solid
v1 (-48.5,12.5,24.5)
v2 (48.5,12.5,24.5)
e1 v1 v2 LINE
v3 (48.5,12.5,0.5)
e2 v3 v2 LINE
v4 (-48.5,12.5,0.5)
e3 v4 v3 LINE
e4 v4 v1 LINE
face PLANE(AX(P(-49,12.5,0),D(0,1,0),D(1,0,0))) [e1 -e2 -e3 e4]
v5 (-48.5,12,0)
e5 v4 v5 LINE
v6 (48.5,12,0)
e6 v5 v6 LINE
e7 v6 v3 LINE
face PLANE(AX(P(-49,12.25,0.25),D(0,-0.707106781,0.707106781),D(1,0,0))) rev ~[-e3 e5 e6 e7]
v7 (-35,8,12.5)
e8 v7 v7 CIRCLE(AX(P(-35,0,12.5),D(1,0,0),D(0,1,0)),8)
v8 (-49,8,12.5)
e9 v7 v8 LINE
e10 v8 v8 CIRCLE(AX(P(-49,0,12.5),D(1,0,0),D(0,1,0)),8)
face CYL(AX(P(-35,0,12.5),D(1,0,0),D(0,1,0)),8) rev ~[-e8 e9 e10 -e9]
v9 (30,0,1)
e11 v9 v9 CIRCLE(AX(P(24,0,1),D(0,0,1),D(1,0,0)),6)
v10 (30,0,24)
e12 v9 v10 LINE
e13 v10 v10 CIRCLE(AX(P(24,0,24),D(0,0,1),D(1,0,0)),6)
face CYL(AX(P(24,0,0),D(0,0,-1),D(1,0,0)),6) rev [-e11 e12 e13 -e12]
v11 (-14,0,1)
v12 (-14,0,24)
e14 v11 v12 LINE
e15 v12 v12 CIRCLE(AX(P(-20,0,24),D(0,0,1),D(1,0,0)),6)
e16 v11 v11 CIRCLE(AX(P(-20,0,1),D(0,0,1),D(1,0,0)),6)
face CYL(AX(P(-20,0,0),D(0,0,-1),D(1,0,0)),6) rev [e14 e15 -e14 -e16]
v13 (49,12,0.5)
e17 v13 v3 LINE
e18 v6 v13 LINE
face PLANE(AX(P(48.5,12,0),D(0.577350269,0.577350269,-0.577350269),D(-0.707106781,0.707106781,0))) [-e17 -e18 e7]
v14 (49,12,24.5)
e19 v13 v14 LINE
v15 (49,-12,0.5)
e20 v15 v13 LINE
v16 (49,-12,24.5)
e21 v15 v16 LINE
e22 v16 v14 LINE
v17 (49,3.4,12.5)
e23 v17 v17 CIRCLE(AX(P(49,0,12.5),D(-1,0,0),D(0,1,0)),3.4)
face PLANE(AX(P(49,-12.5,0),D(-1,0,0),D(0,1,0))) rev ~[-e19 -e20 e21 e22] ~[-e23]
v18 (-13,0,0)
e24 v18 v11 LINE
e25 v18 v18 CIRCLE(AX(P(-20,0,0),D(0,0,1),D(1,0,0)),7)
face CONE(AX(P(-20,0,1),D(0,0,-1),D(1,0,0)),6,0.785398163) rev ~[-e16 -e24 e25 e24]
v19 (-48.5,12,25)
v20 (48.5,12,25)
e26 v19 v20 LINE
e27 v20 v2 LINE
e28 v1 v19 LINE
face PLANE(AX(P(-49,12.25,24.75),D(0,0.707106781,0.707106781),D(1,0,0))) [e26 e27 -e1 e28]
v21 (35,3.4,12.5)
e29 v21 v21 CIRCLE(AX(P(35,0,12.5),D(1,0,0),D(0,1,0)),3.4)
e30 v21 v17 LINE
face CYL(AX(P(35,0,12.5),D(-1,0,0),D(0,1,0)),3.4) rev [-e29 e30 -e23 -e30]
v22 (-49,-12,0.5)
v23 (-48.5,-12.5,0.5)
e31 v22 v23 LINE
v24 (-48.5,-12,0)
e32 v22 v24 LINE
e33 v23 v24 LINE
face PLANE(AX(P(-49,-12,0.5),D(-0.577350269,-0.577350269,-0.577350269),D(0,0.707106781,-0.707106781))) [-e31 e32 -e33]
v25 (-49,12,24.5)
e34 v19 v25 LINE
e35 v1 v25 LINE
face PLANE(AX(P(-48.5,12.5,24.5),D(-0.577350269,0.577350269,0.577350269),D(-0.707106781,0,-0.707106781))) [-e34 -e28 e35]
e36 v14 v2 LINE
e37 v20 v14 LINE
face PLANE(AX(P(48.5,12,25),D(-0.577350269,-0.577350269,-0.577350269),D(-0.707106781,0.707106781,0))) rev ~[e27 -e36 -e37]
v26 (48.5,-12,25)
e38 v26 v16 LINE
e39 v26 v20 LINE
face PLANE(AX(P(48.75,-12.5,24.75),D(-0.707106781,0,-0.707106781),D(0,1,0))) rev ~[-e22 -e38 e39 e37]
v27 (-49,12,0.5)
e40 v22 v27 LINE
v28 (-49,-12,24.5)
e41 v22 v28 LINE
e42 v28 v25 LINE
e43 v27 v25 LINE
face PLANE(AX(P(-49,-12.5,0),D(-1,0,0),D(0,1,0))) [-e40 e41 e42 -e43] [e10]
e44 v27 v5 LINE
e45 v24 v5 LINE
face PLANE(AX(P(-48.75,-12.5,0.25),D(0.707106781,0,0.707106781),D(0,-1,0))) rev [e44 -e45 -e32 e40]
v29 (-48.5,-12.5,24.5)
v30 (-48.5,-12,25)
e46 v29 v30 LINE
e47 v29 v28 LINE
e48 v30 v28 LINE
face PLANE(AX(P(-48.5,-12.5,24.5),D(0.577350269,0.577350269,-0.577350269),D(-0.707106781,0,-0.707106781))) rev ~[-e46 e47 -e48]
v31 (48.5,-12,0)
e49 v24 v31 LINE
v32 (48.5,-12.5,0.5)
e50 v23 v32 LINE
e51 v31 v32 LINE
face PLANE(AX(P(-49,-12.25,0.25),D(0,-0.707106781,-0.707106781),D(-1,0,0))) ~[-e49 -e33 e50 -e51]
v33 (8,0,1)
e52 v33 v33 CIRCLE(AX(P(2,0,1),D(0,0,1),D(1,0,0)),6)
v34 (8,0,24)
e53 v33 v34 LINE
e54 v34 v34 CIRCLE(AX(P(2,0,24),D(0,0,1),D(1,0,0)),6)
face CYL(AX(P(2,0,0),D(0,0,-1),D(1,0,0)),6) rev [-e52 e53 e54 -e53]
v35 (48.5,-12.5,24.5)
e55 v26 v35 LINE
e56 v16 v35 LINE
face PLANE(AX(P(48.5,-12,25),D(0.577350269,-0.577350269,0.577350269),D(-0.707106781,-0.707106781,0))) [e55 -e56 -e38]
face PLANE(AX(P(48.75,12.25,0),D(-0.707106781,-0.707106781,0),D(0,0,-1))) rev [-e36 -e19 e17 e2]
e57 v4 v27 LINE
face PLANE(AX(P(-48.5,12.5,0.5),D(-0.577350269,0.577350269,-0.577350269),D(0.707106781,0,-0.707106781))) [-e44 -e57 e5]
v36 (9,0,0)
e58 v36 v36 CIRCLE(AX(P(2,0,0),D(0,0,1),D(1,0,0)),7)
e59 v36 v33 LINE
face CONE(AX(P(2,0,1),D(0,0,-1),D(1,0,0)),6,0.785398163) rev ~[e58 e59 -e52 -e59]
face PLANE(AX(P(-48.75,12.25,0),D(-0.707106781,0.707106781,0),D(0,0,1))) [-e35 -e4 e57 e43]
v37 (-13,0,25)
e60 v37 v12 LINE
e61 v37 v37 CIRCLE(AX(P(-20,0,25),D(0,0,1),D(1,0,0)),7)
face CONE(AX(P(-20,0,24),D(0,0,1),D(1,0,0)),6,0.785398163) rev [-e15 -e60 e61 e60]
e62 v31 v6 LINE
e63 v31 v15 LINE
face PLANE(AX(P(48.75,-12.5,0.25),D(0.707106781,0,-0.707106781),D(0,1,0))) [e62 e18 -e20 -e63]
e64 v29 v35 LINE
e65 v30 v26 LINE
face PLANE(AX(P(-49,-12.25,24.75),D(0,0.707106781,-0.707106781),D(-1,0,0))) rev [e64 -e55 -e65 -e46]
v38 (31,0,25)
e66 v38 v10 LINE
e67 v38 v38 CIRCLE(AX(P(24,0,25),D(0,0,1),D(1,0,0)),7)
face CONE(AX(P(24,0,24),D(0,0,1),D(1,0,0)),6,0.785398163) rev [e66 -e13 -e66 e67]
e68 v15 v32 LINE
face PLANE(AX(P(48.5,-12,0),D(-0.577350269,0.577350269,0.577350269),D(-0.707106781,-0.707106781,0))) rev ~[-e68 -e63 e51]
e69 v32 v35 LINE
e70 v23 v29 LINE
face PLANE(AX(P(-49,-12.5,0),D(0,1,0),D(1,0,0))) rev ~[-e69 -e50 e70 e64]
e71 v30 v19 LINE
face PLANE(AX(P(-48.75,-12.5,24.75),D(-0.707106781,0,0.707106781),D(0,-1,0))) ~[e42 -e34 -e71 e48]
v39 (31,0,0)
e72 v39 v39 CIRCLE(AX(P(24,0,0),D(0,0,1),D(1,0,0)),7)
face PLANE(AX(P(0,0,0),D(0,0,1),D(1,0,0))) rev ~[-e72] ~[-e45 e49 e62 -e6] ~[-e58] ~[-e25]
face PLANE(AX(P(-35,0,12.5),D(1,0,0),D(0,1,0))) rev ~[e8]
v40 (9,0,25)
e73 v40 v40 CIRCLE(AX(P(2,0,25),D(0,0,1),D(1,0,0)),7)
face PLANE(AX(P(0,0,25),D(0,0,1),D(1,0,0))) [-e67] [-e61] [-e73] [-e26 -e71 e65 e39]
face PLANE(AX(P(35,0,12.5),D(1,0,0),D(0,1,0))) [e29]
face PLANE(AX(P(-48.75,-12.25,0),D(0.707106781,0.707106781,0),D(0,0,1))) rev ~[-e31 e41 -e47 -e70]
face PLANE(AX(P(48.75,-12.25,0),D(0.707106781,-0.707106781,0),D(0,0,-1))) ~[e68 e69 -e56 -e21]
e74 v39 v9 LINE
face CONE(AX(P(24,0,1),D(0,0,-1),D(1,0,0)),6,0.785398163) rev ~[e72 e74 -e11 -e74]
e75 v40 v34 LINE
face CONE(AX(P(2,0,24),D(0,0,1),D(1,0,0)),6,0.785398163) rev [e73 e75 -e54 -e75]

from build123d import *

# Parameters (mm, degrees)
F0_W     = 98
F0_H     = 25
F0_R     = 6
F1_DEPTH = 25
F3_START = 35
F2_R     = 3.4
F3_DEPTH = 85
F7_START = -35
F6_R     = 8
F7_DEPTH = 65
F8_SIZE  = 0.5
F9_SIZE  = 1


with BuildPart() as f1:
    # F0 (on Top) → F1 (new body)
    with BuildSketch(Plane.XY):
        Rectangle(F0_W, F0_H)
        with Locations((-20, 0)):
            Circle(F0_R, mode=Mode.SUBTRACT)
        with Locations((2, 0)):
            Circle(F0_R, mode=Mode.SUBTRACT)
        with Locations((24, 0)):
            Circle(F0_R, mode=Mode.SUBTRACT)
    extrude(amount=F1_DEPTH)

    # F2 (on Right) → F3 (cut)
    with BuildSketch(Plane.YZ.offset(F3_START)):
        with Locations((0, 12.5)):
            Circle(F2_R)
    extrude(amount=F3_DEPTH, mode=Mode.SUBTRACT)

    # F6 (on Right) → F7 (cut)
    with BuildSketch(Plane.YZ.offset(F7_START)):
        with Locations((0, 12.5)):
            Circle(F6_R)
    extrude(amount=-F7_DEPTH, mode=Mode.SUBTRACT)

    # F8
    f8_edges = [f1.edges().sort_by_distance(p)[0] for p in [
        (49, 12.5, 12.5),
        (49, -12.5, 12.5),
        (49, 0, 0),
        (49, 0, 25),
        (-49, 0, 25),
        (0, 12.5, 25),
        (0, -12.5, 25),
        (0, -12.5, 0),
        (-49, -12.5, 12.5),
        (-49, 0, 0),
        (-49, 12.5, 12.5),
        (0, 12.5, 0),
    ]]
    chamfer(f8_edges, length=F8_SIZE)

    # F9
    f9_edges = [f1.edges().sort_by_distance(p)[0] for p in [
        (-4, 0, 0),
        (18, 0, 0),
        (-26, 0, 0),
        (-26, 0, 25),
        (-4, 0, 25),
        (18, 0, 25),
    ]]
    chamfer(f9_edges, length=F9_SIZE)


solid = f1.part
